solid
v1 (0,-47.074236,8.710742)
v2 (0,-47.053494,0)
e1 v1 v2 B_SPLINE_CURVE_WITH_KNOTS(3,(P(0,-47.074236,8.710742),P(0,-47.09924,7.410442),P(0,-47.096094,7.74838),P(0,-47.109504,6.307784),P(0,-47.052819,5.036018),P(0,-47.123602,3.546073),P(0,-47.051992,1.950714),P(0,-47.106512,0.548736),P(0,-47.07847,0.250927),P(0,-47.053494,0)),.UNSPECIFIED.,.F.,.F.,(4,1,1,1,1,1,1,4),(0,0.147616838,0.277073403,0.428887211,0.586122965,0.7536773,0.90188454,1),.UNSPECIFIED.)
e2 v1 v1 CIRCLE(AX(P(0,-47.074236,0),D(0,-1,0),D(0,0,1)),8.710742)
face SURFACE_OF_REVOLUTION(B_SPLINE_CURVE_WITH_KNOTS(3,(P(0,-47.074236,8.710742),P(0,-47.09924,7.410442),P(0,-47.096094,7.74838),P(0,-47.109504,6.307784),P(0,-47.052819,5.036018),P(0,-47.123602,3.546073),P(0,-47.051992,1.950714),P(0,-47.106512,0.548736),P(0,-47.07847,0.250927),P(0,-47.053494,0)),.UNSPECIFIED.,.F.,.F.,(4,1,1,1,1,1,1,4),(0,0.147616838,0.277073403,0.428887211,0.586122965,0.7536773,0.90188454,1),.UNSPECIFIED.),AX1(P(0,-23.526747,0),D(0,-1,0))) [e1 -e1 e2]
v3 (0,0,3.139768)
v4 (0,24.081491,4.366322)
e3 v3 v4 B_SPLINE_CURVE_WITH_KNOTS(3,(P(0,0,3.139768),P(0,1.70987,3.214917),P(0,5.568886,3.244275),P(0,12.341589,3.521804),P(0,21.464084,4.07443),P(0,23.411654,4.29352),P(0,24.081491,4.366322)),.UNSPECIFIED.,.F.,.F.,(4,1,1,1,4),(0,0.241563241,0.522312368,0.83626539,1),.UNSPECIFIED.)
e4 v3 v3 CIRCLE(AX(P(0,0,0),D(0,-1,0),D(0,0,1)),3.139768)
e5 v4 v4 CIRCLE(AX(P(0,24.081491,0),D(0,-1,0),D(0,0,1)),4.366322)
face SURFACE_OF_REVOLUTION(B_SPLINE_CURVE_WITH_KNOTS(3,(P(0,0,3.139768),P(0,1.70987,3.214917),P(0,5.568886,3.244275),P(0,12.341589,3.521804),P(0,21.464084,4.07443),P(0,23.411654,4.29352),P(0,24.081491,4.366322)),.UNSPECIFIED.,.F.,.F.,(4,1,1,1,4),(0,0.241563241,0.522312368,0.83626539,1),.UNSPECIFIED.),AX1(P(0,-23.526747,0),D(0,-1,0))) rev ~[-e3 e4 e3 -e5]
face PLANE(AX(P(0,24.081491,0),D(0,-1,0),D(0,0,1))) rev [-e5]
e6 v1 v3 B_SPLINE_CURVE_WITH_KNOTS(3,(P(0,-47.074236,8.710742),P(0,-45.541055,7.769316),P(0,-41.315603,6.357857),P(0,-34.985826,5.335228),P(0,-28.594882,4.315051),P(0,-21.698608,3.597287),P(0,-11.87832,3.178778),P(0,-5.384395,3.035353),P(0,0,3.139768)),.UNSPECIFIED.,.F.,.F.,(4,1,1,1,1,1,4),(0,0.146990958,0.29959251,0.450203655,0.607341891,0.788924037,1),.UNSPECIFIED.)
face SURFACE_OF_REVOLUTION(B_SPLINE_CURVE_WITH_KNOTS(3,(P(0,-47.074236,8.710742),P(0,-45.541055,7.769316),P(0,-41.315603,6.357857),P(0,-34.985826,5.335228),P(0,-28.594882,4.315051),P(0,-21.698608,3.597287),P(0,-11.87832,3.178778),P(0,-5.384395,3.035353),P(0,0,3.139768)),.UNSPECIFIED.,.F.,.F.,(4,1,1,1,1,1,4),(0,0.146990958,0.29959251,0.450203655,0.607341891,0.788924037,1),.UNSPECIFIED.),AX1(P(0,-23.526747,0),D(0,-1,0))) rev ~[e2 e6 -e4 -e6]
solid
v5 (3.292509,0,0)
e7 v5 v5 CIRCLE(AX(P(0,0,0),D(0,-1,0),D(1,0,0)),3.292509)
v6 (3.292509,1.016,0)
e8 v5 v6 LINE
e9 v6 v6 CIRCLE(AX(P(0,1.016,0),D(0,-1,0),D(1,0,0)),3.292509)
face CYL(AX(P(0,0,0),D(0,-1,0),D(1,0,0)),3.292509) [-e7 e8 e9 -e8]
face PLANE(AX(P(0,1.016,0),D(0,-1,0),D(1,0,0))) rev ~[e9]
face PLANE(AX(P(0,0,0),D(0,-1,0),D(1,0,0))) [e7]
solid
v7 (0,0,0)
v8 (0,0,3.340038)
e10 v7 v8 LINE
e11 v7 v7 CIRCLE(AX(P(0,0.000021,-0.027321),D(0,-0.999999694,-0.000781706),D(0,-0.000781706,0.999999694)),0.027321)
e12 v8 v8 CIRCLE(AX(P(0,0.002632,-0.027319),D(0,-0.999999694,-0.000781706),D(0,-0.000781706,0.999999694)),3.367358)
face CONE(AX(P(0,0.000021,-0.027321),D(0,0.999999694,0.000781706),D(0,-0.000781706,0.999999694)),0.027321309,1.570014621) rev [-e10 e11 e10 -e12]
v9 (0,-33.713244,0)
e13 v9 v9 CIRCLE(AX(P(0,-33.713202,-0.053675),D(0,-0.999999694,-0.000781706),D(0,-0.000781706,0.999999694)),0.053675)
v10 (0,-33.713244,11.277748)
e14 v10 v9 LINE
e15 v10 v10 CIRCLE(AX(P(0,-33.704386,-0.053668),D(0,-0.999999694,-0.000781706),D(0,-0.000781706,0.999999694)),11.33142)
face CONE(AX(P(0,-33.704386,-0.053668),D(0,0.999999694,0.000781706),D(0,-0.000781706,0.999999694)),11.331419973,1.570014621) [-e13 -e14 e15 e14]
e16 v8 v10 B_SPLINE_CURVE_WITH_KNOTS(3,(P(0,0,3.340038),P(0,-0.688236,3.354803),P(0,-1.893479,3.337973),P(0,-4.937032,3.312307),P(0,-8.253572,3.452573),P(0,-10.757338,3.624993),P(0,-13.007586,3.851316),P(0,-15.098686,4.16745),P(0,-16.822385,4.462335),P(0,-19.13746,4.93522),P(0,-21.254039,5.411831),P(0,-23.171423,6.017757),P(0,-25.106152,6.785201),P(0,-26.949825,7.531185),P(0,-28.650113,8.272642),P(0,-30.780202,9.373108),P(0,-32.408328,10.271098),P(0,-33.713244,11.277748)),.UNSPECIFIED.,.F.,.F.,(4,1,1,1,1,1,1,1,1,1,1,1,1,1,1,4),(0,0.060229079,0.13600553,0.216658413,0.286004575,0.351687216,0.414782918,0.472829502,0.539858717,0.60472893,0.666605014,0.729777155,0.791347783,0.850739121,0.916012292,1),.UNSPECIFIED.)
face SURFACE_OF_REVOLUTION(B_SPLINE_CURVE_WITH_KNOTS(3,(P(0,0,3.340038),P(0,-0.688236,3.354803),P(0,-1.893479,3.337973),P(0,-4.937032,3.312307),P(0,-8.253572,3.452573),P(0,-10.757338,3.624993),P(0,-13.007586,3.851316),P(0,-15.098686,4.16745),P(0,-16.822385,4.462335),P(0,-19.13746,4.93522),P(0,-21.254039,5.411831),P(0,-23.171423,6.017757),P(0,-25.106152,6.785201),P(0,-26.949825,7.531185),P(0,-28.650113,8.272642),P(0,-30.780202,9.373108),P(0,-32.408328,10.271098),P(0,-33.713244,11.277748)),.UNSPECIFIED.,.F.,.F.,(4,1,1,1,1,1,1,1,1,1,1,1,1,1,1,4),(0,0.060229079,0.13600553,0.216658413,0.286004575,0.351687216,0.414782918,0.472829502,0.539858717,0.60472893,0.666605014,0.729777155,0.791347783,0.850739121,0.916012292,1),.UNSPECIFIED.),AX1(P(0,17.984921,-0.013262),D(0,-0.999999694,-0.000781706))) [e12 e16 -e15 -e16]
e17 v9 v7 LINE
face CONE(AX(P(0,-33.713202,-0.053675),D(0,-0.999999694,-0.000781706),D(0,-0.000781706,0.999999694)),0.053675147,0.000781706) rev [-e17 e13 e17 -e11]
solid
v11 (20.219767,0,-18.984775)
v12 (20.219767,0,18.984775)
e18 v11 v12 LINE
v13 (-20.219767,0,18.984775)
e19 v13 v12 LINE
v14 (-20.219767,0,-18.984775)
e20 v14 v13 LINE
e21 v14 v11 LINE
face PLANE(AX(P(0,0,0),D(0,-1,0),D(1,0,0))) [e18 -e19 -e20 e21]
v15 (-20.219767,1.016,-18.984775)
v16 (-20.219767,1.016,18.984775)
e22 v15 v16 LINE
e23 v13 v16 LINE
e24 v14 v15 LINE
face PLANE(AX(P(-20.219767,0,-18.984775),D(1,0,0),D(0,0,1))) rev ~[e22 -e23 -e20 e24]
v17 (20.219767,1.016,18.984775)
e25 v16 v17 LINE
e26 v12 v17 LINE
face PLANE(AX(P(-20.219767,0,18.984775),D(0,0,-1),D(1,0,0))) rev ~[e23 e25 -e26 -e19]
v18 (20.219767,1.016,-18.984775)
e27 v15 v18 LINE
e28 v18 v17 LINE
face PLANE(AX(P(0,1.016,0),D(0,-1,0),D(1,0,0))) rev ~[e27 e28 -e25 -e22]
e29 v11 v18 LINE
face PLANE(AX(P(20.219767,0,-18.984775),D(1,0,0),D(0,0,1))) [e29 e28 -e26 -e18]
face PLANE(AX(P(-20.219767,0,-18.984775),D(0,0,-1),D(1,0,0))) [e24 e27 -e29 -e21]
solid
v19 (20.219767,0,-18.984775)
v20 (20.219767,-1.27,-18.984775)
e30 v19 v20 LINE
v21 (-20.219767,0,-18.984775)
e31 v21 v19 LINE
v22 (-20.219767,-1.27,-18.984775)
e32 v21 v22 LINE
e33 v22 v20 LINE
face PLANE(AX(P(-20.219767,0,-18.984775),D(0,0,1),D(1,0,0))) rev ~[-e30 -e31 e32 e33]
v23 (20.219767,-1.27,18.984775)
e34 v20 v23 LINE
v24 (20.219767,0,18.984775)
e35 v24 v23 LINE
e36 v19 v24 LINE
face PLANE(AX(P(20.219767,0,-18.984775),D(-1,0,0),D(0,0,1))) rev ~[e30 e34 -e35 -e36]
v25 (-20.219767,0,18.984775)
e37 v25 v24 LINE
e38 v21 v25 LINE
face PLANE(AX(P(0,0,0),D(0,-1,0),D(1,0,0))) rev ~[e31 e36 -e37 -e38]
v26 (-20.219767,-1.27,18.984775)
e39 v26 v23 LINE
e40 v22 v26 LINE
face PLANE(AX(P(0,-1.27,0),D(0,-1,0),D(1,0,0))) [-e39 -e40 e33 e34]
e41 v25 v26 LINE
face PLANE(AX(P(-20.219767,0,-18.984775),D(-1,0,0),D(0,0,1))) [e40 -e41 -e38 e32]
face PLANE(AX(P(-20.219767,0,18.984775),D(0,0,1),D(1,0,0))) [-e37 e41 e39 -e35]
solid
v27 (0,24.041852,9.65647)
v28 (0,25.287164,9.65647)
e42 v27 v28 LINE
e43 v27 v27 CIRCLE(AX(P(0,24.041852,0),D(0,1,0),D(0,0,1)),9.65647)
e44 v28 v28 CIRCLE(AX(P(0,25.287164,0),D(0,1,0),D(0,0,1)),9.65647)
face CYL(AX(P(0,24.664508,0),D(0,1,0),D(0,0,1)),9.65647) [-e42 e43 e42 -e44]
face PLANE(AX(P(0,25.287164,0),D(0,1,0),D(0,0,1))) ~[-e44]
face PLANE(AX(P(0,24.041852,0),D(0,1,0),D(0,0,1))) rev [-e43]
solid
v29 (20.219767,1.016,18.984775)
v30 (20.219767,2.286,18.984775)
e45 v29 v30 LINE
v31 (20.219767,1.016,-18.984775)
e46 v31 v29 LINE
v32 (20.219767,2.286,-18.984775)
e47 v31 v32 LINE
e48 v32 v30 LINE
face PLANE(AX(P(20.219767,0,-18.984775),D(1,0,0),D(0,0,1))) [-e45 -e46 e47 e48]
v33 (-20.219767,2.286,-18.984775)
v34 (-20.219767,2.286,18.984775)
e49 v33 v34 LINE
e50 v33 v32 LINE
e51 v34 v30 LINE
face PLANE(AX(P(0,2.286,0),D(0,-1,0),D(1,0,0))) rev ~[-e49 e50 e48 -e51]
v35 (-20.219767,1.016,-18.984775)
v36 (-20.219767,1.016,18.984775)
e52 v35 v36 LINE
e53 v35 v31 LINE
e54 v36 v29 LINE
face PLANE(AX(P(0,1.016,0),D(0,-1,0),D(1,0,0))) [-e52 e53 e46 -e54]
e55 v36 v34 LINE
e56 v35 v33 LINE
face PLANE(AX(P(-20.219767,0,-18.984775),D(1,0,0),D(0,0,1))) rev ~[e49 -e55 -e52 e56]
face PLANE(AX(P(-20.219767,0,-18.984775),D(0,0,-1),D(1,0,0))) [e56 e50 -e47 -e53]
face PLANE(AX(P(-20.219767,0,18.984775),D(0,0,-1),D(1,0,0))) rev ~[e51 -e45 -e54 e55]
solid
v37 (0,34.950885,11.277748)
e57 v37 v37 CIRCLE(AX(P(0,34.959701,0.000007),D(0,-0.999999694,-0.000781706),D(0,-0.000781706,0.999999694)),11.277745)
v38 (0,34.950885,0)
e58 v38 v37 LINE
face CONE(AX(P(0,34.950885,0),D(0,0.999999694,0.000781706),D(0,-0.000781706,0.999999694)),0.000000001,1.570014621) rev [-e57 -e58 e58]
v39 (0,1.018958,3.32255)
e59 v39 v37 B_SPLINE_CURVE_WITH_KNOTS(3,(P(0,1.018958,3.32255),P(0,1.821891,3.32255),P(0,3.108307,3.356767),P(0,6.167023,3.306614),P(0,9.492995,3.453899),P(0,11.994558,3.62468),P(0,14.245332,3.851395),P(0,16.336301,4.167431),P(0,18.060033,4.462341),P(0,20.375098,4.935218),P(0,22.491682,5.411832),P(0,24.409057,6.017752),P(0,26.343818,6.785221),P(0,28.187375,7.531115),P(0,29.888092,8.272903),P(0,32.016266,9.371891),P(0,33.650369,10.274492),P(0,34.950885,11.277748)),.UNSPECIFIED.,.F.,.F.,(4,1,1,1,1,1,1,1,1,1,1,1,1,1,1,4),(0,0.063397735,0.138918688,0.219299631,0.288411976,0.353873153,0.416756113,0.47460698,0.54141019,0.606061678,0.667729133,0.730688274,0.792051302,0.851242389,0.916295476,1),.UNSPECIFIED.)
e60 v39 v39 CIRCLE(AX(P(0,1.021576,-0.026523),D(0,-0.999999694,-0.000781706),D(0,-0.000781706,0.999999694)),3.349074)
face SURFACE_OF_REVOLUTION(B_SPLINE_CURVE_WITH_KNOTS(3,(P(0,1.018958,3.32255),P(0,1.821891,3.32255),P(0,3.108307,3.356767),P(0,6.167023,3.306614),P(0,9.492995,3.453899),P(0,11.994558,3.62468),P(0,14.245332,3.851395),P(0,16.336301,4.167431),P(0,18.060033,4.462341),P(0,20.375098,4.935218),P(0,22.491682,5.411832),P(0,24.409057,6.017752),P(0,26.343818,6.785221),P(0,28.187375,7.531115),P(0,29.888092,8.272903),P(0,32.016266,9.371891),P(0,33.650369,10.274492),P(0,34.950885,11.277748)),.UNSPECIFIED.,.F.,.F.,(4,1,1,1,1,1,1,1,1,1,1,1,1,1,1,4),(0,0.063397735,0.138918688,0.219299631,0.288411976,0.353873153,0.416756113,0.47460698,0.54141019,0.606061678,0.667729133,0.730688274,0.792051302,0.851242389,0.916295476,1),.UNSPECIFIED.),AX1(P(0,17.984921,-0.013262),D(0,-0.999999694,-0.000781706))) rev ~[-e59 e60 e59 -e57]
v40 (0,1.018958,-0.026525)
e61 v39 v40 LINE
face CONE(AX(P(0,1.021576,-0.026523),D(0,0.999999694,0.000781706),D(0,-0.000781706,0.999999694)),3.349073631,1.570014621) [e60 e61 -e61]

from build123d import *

# Parameters (mm, degrees)
F2_W     = 40.4395349324
F2_H     = 37.9695501179
F3_DEPTH = 1.27
F4_DEPTH = 1.016
F5_DEPTH = 2.286
F7_R     = 3.2925087704
F8_DEPTH = 1.016
F11_W    = 1.2453123927
F11_H    = 9.656470269


with BuildPart() as f1:
    # F0 (on Right) → F1 (revolve)
    with BuildSketch(Plane.YZ):
        with BuildLine():
            add(Edge.make_bspline(
                [(-47.0742359757, 8.7107419968), (-45.5410551518, 7.7693155793), (-41.3156030699, 6.3578574608), (-34.985825815, 5.3352284064), (-28.5948820749, 4.3150513186), (-21.6986083873, 3.5972867085), (-11.8783202457, 3.1787780341), (-5.3843947324, 3.035352921), (0, 3.1397684943)],
                knots=[0, 0, 0, 0, 0.1469909582, 0.2995925096, 0.4502036552, 0.607341891, 0.7889240374, 1, 1, 1, 1], degree=3))
            add(Edge.make_bspline(
                [(-47.0742359757, 8.7107419968), (-47.0992401242, 7.4104415253), (-47.0960943764, 7.7483796139), (-47.1095043782, 6.3077840598), (-47.052819449, 5.0360179284), (-47.123601629, 3.5460729826), (-47.0519924909, 1.9507136873), (-47.1065118318, 0.54873647), (-47.0784701868, 0.2509272086), (-47.0534935594, 0)],
                knots=[0, 0, 0, 0, 0.1476168377, 0.2770734032, 0.4288872115, 0.5861229653, 0.7536772999, 0.9018845395, 1, 1, 1, 1], degree=3))
            Line((-47.0534935594, 0), (0, 0))
            Line((0, 0), (0, 3.1397684943))
        make_face()
        with BuildLine():
            add(Edge.make_bspline(
                [(0, 3.1397684943), (1.7098702291, 3.2149170968), (5.568886212, 3.2442745484), (12.341589286, 3.5218040686), (21.4640839255, 4.0744296839), (23.4116543227, 4.2935197638), (24.0814909338, 4.3663222659)],
                knots=[0, 0, 0, 0, 0.2415632406, 0.5223123683, 0.8362653901, 1, 1, 1, 1], degree=3))
            Line((0, 3.1397684943), (0, 0))
            Line((0, 0), (24.0814909338, 0))
            Line((24.0814909338, 0), (24.0814909338, 4.3663222659))
        make_face()
    revolve(axis=Axis((0, -23.5267467797, 0), (0, -1, 0)))


with BuildPart() as f3:
    # F2 (on Front) → F3 (new body)
    with BuildSketch(Plane.XZ):
        Rectangle(F2_W, F2_H)
    extrude(amount=F3_DEPTH)


with BuildPart() as f4:
    # F2 (on Front) → F4 (new body)
    with BuildSketch(Plane.XZ):
        Rectangle(F2_W, F2_H)
    extrude(amount=-F4_DEPTH)


with BuildPart() as f5:
    # F2 (on Front) → F5 (new body)
    with BuildSketch(Plane.XZ):
        Rectangle(F2_W, F2_H)
    extrude(amount=-F5_DEPTH)

    # F6: cut F4
    add(f4.part, mode=Mode.SUBTRACT)


with BuildPart() as f8:
    # F7 (on Front) → F8 (new body)
    with BuildSketch(Plane.XZ):
        Circle(F7_R)
    extrude(amount=-F8_DEPTH)


with BuildPart() as f10:
    # F9 (on Right) → F10 (revolve)
    with BuildSketch(Plane.YZ):
        with BuildLine():
            Line((-33.7132439017, 0), (0, 0))
            Line((0, 0), (0, 3.3400377724))
            add(Edge.make_bspline(
                [(0, 3.3400377724), (-0.6882356826, 3.3548025014), (-1.893478598, 3.3379732889), (-4.9370318181, 3.3123067813), (-8.2535718276, 3.4525727803), (-10.757338168, 3.6249932592), (-13.0075855409, 3.8513161071), (-15.0986857641, 4.167449602), (-16.822384644, 4.4623348505), (-19.1374602208, 4.9352197759), (-21.2540390382, 5.4118306122), (-23.171422674, 6.0177572776), (-25.1061521922, 6.7852014836), (-26.9498246204, 7.5311852188), (-28.6501128717, 8.2726415542), (-30.7802015459, 9.3731076873), (-32.4083278486, 10.271097684), (-33.7132439017, 11.2777482718)],
                knots=[0, 0, 0, 0, 0.0602290793, 0.1360055303, 0.216658413, 0.2860045749, 0.3516872159, 0.4147829177, 0.4728295021, 0.5398587167, 0.6047289299, 0.6666050142, 0.7297771548, 0.7913477826, 0.8507391209, 0.9160122918, 1, 1, 1, 1], degree=3))
            Line((-33.7132439017, 11.2777482718), (-33.7132439017, 0))
        make_face()
    revolve(axis=Axis((0, 17.9849214619, -0.0132623954), (0, -0.9999996945, -0.0007817058)))


with BuildPart() as f10b:
    # F9 (on Right) → F10, piece 2 (revolve)
    with BuildSketch(Plane.YZ):
        with BuildLine():
            add(Edge.make_bspline(
                [(1.0189581662, 3.3225498628), (1.8218910554, 3.3225498628), (3.1083074388, 3.3567670759), (6.1670233547, 3.3066137409), (9.4929949655, 3.4538992518), (11.9945579379, 3.624679864), (14.2453320681, 3.8513947537), (16.3363013538, 4.1674307966), (18.0600332885, 4.4623406506), (20.3750984399, 4.935217799), (22.4916822952, 5.4118324503), (24.4090566879, 6.0177520033), (26.3438184422, 6.7852210724), (28.1873749238, 7.5311153643), (29.8880921606, 8.2729026313), (32.0162656681, 9.3718913487), (33.6503685319, 10.2744918402), (34.9508847576, 11.2777482718)],
                knots=[0, 0, 0, 0, 0.0633977352, 0.1389186882, 0.2192996311, 0.2884119763, 0.353873153, 0.416756113, 0.4746069798, 0.5414101899, 0.6060616781, 0.6677291328, 0.7306882738, 0.7920513019, 0.8512423887, 0.9162954759, 1, 1, 1, 1], degree=3))
            Line((1.0189581662, 3.3225498628), (1.0189581662, -0.0265247909))
            Line((1.0189581662, -0.0265247909), (34.9508847576, 0))
            Line((34.9508847576, 0), (34.9508847576, 11.2777482718))
        make_face()
    revolve(axis=Axis((0, 17.9849214619, -0.0132623954), (0, -0.9999996945, -0.0007817058)))


with BuildPart() as f12:
    # F11 (on Right) → F12 (revolve)
    with BuildSketch(Plane.YZ):
        with Locations((24.6645081788, 4.8282351345)):
            Rectangle(F11_W, F11_H)
    revolve(axis=Axis((0, 24.6645081788, 0), (0, 1, 0)))


solid = Compound([f1.part, f3.part, f4.part, f5.part, f8.part, f10.part, f10b.part, f12.part])
